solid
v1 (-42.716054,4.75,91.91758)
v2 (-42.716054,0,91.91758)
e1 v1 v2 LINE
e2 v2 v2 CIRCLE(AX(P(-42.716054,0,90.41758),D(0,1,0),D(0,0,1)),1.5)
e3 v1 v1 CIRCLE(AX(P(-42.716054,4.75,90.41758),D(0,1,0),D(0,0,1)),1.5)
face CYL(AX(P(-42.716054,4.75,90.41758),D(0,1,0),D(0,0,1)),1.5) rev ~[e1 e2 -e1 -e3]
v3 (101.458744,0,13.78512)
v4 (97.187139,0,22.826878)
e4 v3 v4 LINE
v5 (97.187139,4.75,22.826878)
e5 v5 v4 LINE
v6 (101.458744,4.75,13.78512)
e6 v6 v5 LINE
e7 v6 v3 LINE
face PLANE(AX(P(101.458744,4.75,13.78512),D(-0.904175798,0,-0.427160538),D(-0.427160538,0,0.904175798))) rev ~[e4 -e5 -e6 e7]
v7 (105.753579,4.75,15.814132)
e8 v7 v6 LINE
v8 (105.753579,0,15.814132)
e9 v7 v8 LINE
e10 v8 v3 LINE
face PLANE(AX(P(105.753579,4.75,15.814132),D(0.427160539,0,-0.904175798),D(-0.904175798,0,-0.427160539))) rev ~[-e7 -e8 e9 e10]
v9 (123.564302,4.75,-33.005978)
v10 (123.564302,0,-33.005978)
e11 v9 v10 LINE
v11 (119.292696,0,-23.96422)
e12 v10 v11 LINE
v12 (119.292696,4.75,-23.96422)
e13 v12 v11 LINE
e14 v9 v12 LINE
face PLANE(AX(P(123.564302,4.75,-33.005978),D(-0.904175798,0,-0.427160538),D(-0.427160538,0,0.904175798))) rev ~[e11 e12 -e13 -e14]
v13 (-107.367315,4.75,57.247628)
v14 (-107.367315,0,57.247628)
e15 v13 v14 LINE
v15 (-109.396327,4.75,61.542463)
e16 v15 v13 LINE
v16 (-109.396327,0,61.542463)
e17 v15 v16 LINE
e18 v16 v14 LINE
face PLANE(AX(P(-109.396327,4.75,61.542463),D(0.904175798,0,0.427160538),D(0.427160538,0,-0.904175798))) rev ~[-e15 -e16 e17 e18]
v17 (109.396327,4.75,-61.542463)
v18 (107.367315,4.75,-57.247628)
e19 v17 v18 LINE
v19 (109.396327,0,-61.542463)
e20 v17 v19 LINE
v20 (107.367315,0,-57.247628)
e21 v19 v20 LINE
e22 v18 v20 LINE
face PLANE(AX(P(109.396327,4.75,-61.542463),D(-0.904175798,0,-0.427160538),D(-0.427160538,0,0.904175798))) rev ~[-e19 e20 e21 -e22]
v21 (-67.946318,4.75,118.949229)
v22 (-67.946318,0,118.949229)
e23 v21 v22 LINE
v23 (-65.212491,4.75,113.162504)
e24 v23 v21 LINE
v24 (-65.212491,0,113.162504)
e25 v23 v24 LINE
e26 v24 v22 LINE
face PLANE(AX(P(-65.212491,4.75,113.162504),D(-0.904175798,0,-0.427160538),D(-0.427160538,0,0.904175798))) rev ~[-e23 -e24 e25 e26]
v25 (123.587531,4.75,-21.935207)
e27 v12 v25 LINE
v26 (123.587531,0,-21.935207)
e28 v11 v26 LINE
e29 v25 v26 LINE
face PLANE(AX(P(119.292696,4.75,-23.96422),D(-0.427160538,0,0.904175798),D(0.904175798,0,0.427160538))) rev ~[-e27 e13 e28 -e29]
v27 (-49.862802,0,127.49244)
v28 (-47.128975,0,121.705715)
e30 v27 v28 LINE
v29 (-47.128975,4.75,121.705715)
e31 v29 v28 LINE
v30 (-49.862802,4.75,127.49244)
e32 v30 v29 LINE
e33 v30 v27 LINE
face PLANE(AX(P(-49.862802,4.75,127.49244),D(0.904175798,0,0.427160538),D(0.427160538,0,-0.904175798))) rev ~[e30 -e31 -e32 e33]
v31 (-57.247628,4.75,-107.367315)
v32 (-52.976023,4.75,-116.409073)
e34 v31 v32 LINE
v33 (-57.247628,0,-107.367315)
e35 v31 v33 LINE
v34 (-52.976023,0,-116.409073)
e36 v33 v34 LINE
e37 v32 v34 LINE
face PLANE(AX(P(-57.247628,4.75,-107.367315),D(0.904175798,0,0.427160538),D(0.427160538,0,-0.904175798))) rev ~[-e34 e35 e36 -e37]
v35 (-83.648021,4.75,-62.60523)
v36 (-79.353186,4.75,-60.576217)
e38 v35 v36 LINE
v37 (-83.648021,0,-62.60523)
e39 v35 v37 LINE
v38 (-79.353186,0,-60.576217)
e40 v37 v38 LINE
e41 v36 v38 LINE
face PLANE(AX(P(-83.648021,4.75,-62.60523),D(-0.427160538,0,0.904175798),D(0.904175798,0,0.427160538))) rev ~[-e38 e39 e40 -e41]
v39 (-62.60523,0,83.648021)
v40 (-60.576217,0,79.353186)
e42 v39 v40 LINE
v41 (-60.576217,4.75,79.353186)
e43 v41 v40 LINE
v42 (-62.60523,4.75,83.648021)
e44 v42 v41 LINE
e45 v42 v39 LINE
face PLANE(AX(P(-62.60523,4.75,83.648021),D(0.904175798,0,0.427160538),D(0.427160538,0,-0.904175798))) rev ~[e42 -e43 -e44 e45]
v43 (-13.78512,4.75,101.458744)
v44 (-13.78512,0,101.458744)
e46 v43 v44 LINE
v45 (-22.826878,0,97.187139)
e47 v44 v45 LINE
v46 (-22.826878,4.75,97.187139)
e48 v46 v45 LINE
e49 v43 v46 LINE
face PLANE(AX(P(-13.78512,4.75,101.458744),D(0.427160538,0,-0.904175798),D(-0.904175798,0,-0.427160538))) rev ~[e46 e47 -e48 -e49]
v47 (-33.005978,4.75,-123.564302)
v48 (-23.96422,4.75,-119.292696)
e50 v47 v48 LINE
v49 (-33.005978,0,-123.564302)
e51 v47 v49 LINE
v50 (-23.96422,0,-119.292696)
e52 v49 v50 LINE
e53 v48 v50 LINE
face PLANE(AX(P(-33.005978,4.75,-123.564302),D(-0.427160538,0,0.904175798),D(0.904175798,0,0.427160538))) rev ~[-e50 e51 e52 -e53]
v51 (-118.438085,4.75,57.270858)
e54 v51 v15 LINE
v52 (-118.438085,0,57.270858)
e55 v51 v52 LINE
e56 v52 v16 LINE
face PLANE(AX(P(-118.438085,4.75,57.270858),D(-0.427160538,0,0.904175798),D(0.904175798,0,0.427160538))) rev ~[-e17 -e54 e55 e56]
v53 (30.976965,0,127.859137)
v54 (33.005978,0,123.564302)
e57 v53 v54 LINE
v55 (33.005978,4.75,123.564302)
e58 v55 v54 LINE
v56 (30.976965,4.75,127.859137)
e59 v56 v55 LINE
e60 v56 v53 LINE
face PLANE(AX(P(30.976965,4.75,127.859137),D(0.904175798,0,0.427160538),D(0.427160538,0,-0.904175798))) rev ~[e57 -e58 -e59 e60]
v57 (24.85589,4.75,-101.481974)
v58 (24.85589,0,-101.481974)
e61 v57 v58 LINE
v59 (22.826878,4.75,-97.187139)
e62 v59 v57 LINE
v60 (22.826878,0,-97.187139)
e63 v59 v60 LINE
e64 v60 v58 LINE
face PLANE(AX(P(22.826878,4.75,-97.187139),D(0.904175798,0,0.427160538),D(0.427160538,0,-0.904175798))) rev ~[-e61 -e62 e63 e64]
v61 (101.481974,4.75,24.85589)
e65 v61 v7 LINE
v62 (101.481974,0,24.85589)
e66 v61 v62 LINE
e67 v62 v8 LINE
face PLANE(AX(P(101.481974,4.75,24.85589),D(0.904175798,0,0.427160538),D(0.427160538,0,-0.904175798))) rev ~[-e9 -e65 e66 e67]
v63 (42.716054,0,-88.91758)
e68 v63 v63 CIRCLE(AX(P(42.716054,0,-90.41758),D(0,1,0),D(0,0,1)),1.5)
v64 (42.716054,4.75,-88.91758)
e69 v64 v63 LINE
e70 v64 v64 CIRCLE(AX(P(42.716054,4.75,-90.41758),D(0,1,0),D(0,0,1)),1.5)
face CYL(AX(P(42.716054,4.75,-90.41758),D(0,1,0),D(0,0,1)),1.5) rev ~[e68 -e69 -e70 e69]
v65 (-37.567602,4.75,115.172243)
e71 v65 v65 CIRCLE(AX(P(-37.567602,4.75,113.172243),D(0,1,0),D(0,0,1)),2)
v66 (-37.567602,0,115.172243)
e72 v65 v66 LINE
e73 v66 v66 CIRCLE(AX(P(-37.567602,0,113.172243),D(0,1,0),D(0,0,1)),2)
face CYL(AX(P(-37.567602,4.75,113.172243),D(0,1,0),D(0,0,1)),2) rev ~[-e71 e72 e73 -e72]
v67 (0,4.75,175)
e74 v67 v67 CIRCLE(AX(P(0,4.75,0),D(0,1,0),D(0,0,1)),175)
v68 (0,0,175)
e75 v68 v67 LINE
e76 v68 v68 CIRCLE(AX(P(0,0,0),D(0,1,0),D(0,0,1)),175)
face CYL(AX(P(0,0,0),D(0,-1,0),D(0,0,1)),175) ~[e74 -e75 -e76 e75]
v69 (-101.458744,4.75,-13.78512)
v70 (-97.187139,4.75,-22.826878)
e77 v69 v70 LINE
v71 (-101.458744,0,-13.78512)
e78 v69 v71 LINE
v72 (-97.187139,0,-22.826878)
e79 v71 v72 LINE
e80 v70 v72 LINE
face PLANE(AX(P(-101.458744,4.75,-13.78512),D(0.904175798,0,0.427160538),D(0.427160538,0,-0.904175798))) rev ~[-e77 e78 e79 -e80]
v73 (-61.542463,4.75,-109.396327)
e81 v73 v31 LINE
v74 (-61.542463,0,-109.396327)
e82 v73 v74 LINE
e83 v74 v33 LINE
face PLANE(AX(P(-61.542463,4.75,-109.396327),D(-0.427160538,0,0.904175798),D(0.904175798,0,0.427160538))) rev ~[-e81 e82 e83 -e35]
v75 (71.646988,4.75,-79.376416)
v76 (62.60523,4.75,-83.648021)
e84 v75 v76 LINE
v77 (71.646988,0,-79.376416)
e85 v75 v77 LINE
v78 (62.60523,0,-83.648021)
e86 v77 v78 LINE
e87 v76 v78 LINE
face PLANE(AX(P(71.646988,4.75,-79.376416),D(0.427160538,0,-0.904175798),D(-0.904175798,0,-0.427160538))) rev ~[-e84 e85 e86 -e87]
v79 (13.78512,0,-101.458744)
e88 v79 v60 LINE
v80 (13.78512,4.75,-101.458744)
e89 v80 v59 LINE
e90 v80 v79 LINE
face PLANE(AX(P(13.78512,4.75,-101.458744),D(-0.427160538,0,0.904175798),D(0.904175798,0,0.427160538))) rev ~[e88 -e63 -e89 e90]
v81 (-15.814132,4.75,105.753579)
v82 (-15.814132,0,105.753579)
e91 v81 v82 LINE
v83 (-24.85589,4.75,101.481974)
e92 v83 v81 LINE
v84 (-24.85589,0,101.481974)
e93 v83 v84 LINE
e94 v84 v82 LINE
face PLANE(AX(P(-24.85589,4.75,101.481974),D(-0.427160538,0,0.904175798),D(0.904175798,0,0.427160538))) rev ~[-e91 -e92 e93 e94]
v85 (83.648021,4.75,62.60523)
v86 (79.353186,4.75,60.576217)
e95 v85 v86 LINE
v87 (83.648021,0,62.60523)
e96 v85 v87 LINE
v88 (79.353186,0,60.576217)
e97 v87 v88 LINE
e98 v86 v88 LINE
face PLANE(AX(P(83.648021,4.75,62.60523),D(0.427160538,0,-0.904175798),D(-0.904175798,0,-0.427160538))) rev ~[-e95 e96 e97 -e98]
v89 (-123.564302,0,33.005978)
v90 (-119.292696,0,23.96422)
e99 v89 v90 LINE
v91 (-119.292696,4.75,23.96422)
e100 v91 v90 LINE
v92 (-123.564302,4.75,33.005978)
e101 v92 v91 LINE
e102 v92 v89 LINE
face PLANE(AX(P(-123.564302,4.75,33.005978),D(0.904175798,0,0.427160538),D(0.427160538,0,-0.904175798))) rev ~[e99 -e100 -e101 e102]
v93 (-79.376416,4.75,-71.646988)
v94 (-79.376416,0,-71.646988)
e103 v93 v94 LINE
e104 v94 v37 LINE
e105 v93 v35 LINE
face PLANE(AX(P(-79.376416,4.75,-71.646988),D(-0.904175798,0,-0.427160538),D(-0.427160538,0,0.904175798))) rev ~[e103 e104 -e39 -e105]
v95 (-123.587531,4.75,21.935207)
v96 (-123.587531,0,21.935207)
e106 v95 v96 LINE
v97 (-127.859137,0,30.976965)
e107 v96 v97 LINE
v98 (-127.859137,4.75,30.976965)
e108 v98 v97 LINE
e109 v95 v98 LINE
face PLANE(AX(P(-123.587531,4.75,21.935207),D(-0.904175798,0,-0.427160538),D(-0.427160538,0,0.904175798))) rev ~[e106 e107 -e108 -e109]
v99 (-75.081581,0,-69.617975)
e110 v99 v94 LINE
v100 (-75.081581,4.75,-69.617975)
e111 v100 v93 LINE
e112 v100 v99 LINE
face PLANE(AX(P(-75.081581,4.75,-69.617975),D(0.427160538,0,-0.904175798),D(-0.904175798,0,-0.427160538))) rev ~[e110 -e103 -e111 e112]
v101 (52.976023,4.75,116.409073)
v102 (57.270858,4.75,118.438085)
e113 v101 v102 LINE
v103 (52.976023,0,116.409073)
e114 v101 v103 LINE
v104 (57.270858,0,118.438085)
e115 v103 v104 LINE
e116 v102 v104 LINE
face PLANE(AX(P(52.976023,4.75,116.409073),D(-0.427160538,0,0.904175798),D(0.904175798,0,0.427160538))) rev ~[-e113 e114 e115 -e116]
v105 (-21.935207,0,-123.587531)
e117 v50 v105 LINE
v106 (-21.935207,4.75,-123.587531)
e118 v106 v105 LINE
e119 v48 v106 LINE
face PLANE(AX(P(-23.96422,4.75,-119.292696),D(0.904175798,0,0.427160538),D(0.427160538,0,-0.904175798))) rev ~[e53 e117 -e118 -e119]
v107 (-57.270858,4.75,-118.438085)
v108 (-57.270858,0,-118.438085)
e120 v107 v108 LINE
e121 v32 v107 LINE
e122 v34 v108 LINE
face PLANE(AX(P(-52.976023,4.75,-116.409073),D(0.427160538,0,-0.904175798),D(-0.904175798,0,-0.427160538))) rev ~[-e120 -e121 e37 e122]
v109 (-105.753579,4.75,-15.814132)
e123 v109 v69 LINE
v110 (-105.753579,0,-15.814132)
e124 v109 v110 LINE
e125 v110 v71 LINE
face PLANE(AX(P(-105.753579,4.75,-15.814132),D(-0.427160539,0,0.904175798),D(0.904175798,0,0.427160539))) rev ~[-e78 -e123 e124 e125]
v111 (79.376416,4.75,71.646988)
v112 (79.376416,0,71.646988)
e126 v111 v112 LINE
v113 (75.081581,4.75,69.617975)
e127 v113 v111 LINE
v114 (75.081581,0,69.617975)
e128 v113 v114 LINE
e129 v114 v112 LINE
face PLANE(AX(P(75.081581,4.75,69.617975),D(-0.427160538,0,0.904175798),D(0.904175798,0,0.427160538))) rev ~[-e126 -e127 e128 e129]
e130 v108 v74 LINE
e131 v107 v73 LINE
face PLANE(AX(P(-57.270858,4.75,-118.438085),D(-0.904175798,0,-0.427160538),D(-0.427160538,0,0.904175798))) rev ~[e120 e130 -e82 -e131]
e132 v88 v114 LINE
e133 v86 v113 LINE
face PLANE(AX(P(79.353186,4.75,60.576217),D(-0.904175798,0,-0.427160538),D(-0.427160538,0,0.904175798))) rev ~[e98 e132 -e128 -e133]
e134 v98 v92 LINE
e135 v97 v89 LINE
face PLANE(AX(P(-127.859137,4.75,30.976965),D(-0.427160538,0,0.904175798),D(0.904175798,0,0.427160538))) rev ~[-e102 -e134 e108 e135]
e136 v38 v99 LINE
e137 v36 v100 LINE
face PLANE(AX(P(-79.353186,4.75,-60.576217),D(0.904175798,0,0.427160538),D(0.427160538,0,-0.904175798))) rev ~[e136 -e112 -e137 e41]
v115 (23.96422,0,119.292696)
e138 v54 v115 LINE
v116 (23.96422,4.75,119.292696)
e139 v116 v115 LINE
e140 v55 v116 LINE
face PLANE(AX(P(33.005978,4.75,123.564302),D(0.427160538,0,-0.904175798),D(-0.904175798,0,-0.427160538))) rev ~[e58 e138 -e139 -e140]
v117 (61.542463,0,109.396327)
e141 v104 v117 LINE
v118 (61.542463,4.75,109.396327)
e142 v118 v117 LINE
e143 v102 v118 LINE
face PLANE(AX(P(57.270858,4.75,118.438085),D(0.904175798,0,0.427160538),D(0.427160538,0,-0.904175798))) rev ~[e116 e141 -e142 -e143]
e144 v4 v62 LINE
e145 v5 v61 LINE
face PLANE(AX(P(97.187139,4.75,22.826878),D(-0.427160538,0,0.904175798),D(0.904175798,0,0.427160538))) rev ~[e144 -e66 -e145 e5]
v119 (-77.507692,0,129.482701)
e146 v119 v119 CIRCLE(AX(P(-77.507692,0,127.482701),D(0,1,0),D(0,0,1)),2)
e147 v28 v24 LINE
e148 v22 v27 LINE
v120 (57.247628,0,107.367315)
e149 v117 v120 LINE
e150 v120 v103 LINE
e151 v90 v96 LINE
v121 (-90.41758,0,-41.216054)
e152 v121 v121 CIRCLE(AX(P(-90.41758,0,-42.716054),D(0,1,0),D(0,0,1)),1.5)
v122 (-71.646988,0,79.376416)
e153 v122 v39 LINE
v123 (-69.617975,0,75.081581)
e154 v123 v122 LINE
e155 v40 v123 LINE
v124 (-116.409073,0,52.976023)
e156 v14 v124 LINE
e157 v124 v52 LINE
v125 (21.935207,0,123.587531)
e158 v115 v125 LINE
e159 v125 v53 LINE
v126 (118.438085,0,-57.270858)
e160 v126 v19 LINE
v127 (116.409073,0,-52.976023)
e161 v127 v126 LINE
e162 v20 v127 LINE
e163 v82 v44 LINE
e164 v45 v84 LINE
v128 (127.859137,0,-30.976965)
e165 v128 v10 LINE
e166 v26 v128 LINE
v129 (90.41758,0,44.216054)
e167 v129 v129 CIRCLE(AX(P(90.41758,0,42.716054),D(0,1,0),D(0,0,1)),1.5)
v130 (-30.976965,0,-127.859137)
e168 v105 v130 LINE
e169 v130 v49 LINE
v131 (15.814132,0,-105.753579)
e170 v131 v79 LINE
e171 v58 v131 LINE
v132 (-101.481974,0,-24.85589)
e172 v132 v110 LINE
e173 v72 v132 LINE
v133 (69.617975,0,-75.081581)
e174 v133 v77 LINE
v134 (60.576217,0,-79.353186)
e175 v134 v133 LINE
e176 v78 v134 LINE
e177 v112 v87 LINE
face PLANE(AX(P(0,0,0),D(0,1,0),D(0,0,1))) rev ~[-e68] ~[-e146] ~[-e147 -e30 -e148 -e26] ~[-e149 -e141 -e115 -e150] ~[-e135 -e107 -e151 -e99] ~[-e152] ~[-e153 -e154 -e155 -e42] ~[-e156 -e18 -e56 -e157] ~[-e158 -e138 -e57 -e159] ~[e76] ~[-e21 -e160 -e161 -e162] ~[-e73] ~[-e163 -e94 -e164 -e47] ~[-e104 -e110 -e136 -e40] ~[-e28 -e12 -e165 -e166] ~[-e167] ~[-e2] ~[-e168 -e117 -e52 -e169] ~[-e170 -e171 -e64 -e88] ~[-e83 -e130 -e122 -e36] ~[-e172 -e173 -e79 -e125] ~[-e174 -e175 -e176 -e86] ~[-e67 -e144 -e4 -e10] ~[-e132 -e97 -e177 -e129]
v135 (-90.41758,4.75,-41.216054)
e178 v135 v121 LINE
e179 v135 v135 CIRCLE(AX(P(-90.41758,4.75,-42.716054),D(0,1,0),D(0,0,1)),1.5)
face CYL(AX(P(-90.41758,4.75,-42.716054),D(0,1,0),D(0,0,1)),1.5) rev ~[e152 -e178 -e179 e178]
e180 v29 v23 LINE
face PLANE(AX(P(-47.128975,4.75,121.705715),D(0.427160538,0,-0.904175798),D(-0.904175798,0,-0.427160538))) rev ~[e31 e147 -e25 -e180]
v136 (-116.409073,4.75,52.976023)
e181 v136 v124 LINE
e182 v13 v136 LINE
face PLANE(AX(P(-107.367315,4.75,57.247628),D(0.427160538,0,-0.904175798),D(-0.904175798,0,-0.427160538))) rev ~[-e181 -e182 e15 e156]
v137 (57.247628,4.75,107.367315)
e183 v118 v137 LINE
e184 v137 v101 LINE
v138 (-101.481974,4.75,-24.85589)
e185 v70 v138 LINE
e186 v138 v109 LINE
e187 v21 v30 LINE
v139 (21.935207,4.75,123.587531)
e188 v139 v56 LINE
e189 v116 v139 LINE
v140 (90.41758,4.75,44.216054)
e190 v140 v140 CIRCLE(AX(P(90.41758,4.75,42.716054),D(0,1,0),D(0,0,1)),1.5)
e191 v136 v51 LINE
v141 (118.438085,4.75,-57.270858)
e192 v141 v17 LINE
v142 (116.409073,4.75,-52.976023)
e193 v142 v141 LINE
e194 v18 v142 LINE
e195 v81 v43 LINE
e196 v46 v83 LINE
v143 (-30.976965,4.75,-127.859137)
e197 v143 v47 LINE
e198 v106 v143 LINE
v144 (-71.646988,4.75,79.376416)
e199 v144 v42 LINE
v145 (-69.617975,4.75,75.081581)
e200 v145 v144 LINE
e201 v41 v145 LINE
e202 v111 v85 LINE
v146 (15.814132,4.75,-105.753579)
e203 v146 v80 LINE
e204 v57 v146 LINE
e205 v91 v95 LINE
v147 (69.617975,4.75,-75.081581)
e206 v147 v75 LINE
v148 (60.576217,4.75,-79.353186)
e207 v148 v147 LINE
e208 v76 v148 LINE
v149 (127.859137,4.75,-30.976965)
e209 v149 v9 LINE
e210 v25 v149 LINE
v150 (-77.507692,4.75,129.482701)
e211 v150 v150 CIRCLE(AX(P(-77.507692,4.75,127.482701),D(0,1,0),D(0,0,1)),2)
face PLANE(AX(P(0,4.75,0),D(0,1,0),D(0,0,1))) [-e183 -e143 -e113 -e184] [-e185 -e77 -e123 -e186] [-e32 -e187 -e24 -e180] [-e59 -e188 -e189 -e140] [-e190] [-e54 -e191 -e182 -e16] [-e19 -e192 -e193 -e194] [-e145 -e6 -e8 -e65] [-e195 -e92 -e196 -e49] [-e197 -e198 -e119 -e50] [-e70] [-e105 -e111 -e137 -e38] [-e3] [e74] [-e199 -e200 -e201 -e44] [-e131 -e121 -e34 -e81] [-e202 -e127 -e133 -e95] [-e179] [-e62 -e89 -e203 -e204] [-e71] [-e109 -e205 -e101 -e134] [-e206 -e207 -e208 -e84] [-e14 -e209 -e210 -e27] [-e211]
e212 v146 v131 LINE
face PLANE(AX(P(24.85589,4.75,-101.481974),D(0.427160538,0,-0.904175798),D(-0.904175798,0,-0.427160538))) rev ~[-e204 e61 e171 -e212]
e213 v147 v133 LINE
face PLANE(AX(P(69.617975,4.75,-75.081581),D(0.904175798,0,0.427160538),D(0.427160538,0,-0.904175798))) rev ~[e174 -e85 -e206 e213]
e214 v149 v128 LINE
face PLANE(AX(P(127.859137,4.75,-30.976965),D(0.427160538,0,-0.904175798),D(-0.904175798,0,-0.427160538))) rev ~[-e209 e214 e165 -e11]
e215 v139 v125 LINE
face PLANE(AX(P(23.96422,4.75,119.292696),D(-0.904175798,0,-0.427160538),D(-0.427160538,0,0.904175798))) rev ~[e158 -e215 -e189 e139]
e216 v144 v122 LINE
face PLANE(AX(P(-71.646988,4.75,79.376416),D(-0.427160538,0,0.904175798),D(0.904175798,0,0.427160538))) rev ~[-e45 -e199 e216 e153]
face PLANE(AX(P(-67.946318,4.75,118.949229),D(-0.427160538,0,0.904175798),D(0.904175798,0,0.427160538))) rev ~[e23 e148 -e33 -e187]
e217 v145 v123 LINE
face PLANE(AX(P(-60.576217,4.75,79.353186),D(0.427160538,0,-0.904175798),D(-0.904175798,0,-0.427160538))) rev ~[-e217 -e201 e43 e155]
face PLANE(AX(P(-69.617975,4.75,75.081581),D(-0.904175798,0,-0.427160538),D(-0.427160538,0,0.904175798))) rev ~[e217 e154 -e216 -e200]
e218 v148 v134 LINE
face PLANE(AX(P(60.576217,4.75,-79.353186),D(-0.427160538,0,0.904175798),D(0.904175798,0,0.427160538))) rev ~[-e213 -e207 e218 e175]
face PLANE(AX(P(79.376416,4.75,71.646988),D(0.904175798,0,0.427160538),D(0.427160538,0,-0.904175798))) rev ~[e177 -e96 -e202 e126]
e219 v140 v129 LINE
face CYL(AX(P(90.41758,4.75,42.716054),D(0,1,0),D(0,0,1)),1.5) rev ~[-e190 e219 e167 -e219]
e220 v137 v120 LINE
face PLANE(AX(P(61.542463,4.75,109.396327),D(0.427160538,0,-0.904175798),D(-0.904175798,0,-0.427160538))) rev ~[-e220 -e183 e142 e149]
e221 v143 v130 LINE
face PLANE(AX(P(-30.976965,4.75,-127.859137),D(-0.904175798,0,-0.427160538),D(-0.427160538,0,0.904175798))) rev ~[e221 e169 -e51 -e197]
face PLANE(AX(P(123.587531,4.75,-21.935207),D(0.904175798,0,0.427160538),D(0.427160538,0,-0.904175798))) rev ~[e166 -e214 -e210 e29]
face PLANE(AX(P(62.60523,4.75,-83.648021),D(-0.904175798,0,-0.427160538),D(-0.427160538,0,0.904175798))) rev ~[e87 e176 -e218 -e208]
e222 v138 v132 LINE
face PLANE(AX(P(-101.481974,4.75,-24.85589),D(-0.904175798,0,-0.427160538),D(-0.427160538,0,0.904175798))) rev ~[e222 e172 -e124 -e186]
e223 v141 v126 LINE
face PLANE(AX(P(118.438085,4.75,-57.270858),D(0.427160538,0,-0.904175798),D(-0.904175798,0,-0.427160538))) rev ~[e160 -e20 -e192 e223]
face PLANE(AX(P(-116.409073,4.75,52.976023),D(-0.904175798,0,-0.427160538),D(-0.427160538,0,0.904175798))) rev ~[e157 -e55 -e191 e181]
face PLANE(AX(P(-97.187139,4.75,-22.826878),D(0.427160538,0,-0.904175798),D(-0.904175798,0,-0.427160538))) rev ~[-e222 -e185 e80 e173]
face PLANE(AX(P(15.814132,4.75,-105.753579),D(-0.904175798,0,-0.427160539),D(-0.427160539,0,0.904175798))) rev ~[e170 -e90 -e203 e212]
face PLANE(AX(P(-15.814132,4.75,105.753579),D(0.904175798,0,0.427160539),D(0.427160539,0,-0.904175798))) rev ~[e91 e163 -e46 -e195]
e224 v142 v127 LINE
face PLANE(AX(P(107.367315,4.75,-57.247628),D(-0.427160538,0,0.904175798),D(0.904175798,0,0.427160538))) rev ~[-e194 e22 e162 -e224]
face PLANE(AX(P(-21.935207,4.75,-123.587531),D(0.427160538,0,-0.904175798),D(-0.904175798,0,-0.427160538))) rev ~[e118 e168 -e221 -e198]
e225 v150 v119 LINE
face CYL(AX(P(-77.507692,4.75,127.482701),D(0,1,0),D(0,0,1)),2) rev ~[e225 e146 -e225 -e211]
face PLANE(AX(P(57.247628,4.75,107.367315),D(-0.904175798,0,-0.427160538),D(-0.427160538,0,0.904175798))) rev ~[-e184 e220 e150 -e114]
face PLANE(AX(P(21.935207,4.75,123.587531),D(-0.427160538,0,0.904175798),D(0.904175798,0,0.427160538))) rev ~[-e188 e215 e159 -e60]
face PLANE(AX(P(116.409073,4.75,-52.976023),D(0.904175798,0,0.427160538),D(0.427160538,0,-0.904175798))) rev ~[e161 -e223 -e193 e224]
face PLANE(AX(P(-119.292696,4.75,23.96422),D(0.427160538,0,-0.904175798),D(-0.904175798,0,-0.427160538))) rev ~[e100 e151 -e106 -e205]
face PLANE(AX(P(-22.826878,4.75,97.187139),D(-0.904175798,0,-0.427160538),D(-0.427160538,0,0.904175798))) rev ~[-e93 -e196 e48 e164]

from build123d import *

# Parameters (mm, degrees)
SKETCH1_R           = 175
BOSS_EXTRUDE1_DEPTH = 4.75
CUT_EXTRUDE1_DEPTH  = 4.75
SKETCH4_R           = 2
CUT_EXTRUDE2_DEPTH  = 248.532952352
SKETCH5_R           = 1.5
CUT_EXTRUDE3_DEPTH  = 248.532952352


with BuildPart() as part:
    # Sketch1 → Boss-Extrude1 (new body)
    with BuildSketch(Plane(origin=(0, 0, 0), x_dir=(1, 0, 0), z_dir=(0, 1, 0))):
        with Locations(Location((0, 0, 0), (0, 0, 270))):
            Circle(SKETCH1_R)
    extrude(amount=BOSS_EXTRUDE1_DEPTH)

    # Sketch2 → Cut-Extrude1 (cut)
    with BuildSketch(Plane(origin=(0, 4.75, 0), x_dir=(1, 0, 0), z_dir=(0, 1, 0))):
        Polygon((33.00597779, -123.564301803), (23.964219805, -119.29269642), (21.935207248, -123.587531462), (30.976965232, -127.859136846), align=None)
        Polygon((-13.785119779, -101.458743944), (-22.826877764, -97.18713856), (-24.855890321, -101.481973603), (-15.814132337, -105.753578986), align=None)
        Polygon((-107.367314918, -57.247628225), (-116.409072902, -52.976022841), (-118.438085459, -57.270857884), (-109.396327475, -61.542463267), align=None)
        Polygon((-101.458743944, 13.785119779), (-97.18713856, 22.826877764), (-101.481973603, 24.855890321), (-105.753578986, 15.814132337), align=None)
        Polygon((-123.564301803, -33.00597779), (-119.29269642, -23.964219805), (-123.587531462, -21.935207248), (-127.859136846, -30.976965232), align=None)
        Polygon((107.367314918, 57.247628225), (116.409072902, 52.976022841), (118.438085459, 57.270857884), (109.396327475, 61.542463267), align=None)
        Polygon((-57.247628225, 107.367314918), (-52.976022841, 116.409072902), (-57.270857884, 118.438085459), (-61.542463267, 109.396327475), align=None)
        Polygon((60.576217349, 79.353186084), (69.617975333, 75.081580701), (71.64698789, 79.376415743), (62.605229906, 83.648021127), align=None)
        Polygon((13.785119779, 101.458743944), (22.826877764, 97.18713856), (24.855890321, 101.481973603), (15.814132337, 105.753578986), align=None)
        Polygon((-33.00597779, 123.564301803), (-23.964219805, 119.29269642), (-21.935207248, 123.587531462), (-30.976965232, 127.859136846), align=None)
        Polygon((-79.353186084, 60.576217349), (-75.081580701, 69.617975333), (-79.376415743, 71.64698789), (-83.648021127, 62.605229906), align=None)
        Polygon((-60.576217349, -79.353186084), (-69.617975333, -75.081580701), (-71.64698789, -79.376415743), (-62.605229906, -83.648021127), align=None)
        Polygon((123.564301803, 33.00597779), (119.29269642, 23.964219805), (123.587531462, 21.935207248), (127.859136846, 30.976965232), align=None)
        Polygon((101.458743944, -13.785119779), (97.18713856, -22.826877764), (101.481973603, -24.855890321), (105.753578986, -15.814132337), align=None)
        Polygon((79.353186084, -60.576217349), (75.081580701, -69.617975333), (79.376415743, -71.64698789), (83.648021127, -62.605229906), align=None)
        Polygon((57.247628225, -107.367314918), (52.976022841, -116.409072902), (57.270857884, -118.438085459), (61.542463267, -109.396327475), align=None)
    extrude(amount=-CUT_EXTRUDE1_DEPTH, mode=Mode.SUBTRACT)

    # Sketch4 → Cut-Extrude2 (cut, through all)
    with BuildSketch(Plane(origin=(0, 4.75, 0), x_dir=(1, 0, 0), z_dir=(0, 1, 0))):
        with Locations(Location((-77.507691728, -127.482700681, 0), (0, 0, 270))):
            Circle(SKETCH4_R)
        with Locations(Location((-37.567601624, -113.172242879, 0), (0, 0, 270))):
            Circle(SKETCH4_R)
        Polygon((-47.128974969, -121.705714608), (-65.212490938, -113.162503842), (-67.946318383, -118.949228952), (-49.862802415, -127.492439718), align=None)
    extrude(amount=-CUT_EXTRUDE2_DEPTH, mode=Mode.SUBTRACT)

    # Sketch5 → Cut-Extrude3 (cut, through all)
    with BuildSketch(Plane(origin=(0, 4.75, 0), x_dir=(1, 0, 0), z_dir=(0, 1, 0))):
        with Locations(Location((42.716053835, 90.417579844, 0), (0, 0, 270))):
            Circle(SKETCH5_R)
        with Locations(Location((90.417579844, -42.716053835, 0), (0, 0, 270))):
            Circle(SKETCH5_R)
        with Locations(Location((-42.716053835, -90.417579844, 0), (0, 0, 270))):
            Circle(SKETCH5_R)
        with Locations(Location((-90.417579844, 42.716053835, 0), (0, 0, 270))):
            Circle(SKETCH5_R)
    extrude(amount=-CUT_EXTRUDE3_DEPTH, mode=Mode.SUBTRACT)


solid = part.part
